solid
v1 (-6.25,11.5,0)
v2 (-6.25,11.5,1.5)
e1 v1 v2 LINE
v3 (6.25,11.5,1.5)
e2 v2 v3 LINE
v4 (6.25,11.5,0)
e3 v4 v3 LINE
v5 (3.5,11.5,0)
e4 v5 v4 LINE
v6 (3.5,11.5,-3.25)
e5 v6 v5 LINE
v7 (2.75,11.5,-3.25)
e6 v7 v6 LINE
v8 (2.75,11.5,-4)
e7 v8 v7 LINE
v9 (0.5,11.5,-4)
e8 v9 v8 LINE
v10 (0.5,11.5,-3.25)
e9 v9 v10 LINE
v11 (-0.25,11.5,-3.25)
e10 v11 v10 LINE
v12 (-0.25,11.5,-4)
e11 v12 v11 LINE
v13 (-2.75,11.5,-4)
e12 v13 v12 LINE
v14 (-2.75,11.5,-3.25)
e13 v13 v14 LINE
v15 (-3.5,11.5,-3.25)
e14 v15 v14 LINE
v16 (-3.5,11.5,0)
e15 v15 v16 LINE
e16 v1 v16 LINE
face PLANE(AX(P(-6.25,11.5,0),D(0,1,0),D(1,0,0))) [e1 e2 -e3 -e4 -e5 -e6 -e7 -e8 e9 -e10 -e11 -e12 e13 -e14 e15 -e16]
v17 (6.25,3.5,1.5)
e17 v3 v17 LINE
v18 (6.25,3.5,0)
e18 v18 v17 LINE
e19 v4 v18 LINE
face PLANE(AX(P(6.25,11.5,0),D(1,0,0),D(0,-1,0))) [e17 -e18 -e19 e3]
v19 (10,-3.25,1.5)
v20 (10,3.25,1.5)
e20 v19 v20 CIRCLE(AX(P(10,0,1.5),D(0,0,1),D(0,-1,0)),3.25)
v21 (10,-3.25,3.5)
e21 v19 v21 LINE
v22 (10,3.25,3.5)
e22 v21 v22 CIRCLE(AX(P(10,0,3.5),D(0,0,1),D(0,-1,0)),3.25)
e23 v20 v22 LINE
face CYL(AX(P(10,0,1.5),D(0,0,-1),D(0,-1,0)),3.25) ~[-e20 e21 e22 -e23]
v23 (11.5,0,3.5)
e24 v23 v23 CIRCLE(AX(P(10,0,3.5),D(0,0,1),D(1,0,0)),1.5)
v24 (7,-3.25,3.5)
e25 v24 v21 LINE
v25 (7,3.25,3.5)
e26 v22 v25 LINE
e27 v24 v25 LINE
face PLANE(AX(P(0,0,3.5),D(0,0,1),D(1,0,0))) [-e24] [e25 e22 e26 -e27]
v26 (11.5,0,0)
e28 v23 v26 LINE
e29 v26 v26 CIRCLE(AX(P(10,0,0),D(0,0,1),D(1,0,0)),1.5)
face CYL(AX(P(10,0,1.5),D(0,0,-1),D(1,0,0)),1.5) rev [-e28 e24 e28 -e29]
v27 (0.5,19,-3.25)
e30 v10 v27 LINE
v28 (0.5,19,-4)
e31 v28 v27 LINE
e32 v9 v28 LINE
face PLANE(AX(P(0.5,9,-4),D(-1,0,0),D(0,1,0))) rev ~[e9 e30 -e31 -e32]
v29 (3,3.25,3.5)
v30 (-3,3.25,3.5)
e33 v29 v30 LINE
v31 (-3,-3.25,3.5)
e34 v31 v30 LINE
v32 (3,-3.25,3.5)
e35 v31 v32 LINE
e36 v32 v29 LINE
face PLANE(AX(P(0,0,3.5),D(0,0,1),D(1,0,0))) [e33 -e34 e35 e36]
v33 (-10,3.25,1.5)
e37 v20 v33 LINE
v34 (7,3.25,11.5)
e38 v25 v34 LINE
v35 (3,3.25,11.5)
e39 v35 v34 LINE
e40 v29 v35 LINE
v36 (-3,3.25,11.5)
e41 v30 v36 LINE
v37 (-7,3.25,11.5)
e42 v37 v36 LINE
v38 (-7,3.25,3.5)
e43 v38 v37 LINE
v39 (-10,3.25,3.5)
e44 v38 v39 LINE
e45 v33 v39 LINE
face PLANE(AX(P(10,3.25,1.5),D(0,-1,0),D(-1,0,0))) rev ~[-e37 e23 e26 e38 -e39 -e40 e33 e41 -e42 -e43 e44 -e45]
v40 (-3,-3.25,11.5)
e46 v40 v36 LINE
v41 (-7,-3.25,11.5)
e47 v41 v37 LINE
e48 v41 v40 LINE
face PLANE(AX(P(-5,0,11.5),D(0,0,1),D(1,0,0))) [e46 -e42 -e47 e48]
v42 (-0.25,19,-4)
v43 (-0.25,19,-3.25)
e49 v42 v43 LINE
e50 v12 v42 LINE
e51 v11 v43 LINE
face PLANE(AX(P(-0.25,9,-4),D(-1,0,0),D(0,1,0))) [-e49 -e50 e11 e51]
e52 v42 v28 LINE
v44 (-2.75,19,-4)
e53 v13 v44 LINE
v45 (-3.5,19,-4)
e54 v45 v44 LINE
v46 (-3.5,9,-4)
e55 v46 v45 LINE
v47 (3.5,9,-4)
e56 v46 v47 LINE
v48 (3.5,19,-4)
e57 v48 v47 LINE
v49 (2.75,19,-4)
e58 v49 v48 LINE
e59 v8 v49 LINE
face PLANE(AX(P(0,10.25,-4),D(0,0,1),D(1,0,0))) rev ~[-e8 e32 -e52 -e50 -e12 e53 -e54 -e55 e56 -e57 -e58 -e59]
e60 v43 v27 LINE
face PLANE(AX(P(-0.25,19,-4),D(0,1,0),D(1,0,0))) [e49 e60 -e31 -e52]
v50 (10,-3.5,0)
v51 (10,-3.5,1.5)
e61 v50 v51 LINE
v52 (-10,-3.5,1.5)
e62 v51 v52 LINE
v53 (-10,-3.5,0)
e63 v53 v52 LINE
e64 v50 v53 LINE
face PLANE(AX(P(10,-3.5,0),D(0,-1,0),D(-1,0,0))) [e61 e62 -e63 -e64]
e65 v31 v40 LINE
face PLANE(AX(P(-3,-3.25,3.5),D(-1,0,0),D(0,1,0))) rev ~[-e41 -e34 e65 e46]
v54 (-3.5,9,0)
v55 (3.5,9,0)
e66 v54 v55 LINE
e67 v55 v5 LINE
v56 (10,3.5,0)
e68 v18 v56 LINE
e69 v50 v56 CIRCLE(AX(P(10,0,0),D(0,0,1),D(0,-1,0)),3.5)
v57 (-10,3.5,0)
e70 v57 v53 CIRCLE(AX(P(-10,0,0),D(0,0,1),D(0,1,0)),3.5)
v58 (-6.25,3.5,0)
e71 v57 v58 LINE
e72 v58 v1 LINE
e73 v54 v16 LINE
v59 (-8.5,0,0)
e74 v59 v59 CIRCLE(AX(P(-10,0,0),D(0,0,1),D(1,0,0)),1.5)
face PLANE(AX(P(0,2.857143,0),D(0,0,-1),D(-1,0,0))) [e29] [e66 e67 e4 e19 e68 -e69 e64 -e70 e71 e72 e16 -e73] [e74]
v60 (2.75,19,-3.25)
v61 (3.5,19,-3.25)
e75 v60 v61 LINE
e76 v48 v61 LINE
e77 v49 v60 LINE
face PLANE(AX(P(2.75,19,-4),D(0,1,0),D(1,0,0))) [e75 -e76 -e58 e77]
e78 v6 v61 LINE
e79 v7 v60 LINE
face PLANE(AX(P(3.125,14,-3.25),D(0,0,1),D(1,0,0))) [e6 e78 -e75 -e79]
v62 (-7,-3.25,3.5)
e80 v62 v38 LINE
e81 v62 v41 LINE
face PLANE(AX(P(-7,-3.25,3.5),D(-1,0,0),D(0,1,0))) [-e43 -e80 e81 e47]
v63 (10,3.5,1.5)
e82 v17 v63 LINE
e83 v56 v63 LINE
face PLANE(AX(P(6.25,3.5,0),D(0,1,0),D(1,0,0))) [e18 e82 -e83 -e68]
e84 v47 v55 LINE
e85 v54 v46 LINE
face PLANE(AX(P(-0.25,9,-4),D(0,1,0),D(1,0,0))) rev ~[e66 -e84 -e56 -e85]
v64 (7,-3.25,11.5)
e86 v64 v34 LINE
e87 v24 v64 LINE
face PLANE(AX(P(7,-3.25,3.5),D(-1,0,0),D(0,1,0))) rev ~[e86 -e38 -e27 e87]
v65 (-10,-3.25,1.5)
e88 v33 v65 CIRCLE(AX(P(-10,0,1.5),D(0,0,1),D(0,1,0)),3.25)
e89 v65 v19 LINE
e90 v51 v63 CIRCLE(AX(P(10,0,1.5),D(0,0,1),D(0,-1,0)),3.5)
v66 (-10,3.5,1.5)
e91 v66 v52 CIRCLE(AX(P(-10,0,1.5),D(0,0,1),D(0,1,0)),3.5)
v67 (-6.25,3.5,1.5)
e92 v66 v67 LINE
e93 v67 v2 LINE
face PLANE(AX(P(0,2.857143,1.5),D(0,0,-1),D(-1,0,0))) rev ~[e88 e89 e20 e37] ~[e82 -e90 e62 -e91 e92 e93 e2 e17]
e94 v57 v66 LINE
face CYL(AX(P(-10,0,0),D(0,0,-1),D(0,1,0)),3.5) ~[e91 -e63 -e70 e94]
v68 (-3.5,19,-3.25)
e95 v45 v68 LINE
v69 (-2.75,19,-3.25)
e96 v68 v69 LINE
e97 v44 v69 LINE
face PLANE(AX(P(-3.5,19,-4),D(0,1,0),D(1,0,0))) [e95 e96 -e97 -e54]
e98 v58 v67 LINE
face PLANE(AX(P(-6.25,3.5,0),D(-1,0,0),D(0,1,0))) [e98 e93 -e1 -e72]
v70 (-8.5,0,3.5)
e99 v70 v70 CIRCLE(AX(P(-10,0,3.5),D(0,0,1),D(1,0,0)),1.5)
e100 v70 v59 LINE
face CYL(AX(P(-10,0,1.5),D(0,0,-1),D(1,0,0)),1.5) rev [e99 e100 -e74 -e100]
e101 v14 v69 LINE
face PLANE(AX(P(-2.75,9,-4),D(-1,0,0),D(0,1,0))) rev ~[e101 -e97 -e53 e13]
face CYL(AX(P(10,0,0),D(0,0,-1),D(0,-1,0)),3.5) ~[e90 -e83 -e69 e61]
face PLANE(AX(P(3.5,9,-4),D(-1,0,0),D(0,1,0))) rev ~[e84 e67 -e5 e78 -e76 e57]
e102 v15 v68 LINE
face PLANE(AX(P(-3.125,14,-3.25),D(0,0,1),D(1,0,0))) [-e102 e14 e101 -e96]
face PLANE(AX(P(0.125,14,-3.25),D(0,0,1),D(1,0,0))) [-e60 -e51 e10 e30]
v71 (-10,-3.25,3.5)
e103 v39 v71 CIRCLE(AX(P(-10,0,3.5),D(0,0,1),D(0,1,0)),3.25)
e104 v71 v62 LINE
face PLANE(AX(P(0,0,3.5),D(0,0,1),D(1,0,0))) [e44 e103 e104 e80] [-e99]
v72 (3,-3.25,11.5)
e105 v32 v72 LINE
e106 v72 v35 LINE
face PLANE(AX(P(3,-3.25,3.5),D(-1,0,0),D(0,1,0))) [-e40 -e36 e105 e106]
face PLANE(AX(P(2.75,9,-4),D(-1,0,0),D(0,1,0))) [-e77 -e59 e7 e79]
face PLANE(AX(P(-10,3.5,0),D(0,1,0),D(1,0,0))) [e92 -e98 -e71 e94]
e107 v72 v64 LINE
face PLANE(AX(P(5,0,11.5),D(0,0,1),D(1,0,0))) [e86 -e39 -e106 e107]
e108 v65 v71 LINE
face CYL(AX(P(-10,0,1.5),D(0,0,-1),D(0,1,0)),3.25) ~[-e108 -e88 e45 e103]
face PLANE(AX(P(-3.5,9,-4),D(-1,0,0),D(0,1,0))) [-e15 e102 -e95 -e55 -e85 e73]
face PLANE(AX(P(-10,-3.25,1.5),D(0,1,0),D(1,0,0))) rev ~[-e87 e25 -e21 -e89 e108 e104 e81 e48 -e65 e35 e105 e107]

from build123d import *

# Parameters (mm, degrees)
BOX005_W         = 0.75
BOX005_H         = 10
BOX005_DEPTH     = 0.75
BOX006_W         = 0.75
BOX006_H         = 10
BOX006_DEPTH     = 0.75
BOX007_W         = 0.75
BOX007_H         = 10
BOX007_DEPTH     = 0.75
BOX004_W         = 7
BOX004_H         = 2.5
BOX004_DEPTH     = 4
SKETCH006_R      = 1.5
EXTRUDE003_DEPTH = 2
SKETCH005_R      = 1.5
EXTRUDE002_DEPTH = 1.5
SKETCH007_W      = 4
SKETCH007_H      = 6.5
EXTRUDE004_DEPTH = 8


with BuildPart() as cube001:
    # Box005 → Box005 (new body)
    with BuildSketch(Plane(origin=(2.75, 9, -4), x_dir=(1, 0, 0), z_dir=(0, 0, 1))):
        with Locations((0.375, 5)):
            Rectangle(BOX005_W, BOX005_H)
    extrude(amount=BOX005_DEPTH)


with BuildPart() as cube002:
    # Box006 → Box006 (new body)
    with BuildSketch(Plane(origin=(-0.25, 9, -4), x_dir=(1, 0, 0), z_dir=(0, 0, 1))):
        with Locations((0.375, 5)):
            Rectangle(BOX006_W, BOX006_H)
    extrude(amount=BOX006_DEPTH)


with BuildPart() as cube003:
    # Box007 → Box007 (new body)
    with BuildSketch(Plane(origin=(-3.5, 9, -4), x_dir=(1, 0, 0), z_dir=(0, 0, 1))):
        with Locations((0.375, 5)):
            Rectangle(BOX007_W, BOX007_H)
    extrude(amount=BOX007_DEPTH)


with BuildPart() as fusion005:
    # Box004 → Box004 (new body)
    with BuildSketch(Plane(origin=(-3.5, 9, -4), x_dir=(1, 0, 0), z_dir=(0, 0, 1))):
        with Locations((3.5, 1.25)):
            Rectangle(BOX004_W, BOX004_H)
    extrude(amount=BOX004_DEPTH)

    # Fusion005: union Cube001, Cube002, Cube003
    add(cube001.part)
    add(cube002.part)
    add(cube003.part)


with BuildPart() as extrude003:
    # Sketch006 → Extrude003 (new body)
    with BuildSketch(Plane.XY):
        with BuildLine():
            ThreePointArc((-10, 3.25), (-13.25, 0), (-10, -3.25))
            Line((-10, -3.25), (10, -3.25))
            ThreePointArc((10, -3.25), (13.25, 0), (10, 3.25))
            Line((10, 3.25), (-10, 3.25))
        make_face()
        with Locations((-10, 0)):
            Circle(SKETCH006_R, mode=Mode.SUBTRACT)
        with Locations((10, 0)):
            Circle(SKETCH006_R, mode=Mode.SUBTRACT)
    extrude(amount=EXTRUDE003_DEPTH)


with BuildPart() as extrude003_1:
    # Extrude003 placement: moved
    add(extrude003.part.moved(Location((0, 0, 1.5))))


with BuildPart() as fusion003:
    # Sketch005 → Extrude002 (new body)
    with BuildSketch(Plane.XY):
        with BuildLine():
            Line((-6.25, 11.5), (6.25, 11.5))
            Line((6.25, 11.5), (6.25, 3.5))
            Line((6.25, 3.5), (10, 3.5))
            ThreePointArc((10, -3.5), (13.5, 0), (10, 3.5))
            Line((10, -3.5), (-10, -3.5))
            ThreePointArc((-10, 3.5), (-13.5, 0), (-10, -3.5))
            Line((-10, 3.5), (-6.25, 3.5))
            Line((-6.25, 3.5), (-6.25, 11.5))
        make_face()
        with Locations((-10, 0)):
            Circle(SKETCH005_R, mode=Mode.SUBTRACT)
        with Locations((10, 0)):
            Circle(SKETCH005_R, mode=Mode.SUBTRACT)
    extrude(amount=EXTRUDE002_DEPTH)

    # Fusion003: union Extrude003
    add(extrude003_1.part)


with BuildPart() as extrude004:
    # Sketch007 (on Face15 of Fusion003) → Extrude004 (new body)
    with BuildSketch(Plane.XY.offset(3.5)):
        with Locations((5, 0)):
            Rectangle(SKETCH007_W, SKETCH007_H)
        with Locations((-5, 0)):
            Rectangle(SKETCH007_W, SKETCH007_H)
    extrude(amount=EXTRUDE004_DEPTH)


with BuildPart() as fusion006:
    # Fusion004 base: copy of Fusion003
    add(fusion003.part)

    # Fusion004: union Extrude004
    add(extrude004.part)

    # Fusion006: union Fusion005, Fusion003, Extrude004
    add(fusion005.part)
    add(fusion003.part)
    add(extrude004.part)


solid = fusion006.part
